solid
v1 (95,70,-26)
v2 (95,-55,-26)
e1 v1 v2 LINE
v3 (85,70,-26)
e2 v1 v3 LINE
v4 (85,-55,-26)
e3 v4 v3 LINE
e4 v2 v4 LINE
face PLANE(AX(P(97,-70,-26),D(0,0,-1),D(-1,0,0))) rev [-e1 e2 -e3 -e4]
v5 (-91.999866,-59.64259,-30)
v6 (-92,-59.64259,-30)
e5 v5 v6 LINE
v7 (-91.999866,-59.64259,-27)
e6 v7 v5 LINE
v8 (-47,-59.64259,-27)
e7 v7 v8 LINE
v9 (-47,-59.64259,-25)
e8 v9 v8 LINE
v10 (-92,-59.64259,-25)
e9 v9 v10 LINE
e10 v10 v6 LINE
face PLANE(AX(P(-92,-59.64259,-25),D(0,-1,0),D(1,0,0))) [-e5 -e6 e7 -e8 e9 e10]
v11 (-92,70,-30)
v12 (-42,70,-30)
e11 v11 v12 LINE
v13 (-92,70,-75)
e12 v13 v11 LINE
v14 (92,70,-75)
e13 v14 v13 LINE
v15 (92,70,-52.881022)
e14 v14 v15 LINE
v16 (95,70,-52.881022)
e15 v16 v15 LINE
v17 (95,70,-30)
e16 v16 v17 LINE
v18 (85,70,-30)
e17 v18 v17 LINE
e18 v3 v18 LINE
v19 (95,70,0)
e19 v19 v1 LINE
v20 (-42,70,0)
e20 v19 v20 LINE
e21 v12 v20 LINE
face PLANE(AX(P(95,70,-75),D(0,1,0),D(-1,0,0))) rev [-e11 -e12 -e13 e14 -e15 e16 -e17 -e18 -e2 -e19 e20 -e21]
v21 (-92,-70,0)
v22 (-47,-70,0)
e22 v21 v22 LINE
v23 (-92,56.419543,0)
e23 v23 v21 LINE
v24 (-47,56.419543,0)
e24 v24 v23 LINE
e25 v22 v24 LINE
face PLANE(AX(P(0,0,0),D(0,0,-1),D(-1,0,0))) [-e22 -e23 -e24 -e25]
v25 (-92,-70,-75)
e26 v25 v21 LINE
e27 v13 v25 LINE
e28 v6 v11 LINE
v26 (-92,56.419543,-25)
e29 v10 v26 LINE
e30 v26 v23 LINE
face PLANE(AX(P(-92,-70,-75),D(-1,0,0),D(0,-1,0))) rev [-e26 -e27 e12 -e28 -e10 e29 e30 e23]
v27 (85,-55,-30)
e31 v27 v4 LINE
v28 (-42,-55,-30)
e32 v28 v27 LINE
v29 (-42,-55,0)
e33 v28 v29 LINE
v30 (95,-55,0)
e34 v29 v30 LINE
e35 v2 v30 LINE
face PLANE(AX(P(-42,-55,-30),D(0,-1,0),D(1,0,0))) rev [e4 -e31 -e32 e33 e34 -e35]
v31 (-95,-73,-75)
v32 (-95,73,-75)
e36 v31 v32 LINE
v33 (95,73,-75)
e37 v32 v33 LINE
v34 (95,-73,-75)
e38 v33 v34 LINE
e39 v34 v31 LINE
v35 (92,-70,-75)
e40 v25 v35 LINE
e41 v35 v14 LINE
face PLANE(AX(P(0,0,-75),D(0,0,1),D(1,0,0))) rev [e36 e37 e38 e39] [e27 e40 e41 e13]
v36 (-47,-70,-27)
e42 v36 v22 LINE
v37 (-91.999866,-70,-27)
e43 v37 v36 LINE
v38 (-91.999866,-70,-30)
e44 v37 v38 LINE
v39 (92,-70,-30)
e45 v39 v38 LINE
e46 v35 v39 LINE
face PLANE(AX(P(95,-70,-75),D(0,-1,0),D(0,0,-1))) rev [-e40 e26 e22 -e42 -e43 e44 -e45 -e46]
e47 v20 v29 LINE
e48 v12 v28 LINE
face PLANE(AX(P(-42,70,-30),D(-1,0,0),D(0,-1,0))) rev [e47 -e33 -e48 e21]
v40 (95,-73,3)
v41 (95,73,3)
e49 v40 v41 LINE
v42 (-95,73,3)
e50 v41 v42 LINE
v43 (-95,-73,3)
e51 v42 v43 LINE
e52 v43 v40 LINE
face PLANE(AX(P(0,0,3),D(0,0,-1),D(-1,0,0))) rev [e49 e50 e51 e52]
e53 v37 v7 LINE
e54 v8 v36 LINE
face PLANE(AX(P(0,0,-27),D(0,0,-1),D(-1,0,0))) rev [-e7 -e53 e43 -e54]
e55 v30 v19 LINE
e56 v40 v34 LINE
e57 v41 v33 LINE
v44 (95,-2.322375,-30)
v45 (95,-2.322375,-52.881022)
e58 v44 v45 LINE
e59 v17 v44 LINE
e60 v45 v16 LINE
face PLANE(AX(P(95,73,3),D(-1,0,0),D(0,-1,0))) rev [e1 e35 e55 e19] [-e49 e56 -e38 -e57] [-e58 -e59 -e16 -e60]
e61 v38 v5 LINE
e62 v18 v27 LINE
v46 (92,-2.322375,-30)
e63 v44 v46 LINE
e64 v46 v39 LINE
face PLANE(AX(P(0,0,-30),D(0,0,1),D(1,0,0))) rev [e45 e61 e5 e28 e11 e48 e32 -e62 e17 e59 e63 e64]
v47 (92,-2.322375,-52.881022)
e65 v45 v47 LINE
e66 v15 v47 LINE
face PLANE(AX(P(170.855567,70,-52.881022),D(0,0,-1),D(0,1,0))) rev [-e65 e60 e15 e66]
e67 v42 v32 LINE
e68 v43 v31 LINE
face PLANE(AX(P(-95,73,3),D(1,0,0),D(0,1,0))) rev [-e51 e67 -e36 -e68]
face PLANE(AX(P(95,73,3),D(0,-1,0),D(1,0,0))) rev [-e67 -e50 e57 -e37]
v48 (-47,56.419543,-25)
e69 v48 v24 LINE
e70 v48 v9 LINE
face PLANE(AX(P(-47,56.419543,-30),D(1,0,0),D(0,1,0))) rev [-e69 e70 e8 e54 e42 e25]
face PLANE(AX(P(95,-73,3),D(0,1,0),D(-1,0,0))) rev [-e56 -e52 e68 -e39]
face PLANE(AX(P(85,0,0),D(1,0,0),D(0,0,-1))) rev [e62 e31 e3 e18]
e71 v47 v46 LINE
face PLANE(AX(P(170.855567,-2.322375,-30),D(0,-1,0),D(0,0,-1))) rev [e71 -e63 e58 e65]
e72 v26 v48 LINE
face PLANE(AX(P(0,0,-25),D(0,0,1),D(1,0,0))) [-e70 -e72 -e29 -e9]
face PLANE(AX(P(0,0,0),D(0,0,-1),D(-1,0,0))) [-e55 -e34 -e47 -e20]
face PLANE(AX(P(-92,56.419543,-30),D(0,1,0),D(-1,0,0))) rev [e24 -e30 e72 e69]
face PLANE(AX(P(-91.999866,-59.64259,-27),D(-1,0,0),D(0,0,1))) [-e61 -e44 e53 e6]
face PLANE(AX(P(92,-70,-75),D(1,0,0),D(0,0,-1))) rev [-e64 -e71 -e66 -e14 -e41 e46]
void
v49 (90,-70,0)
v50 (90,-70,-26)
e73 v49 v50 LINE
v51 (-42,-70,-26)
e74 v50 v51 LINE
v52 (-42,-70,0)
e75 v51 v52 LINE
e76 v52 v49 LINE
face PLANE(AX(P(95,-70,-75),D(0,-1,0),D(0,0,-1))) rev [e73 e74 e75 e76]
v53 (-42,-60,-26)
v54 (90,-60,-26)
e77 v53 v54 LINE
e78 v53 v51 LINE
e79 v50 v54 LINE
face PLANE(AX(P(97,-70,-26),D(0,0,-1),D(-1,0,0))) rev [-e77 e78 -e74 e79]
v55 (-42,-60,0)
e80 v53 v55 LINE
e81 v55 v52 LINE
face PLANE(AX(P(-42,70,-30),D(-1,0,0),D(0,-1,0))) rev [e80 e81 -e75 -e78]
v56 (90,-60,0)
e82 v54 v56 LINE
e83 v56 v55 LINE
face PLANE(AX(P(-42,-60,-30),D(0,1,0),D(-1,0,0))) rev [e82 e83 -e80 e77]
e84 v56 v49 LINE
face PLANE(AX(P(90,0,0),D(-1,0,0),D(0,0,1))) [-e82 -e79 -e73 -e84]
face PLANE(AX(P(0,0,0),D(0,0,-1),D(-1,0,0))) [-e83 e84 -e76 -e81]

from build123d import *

# Parameters (mm, degrees)
ESQUISSE3_W             = 190
ESQUISSE3_H             = 146
BOSS_EXTRU_3_DEPTH      = 3
ESQUISSE4_W             = 190
ESQUISSE4_H             = 3
BOSS_EXTRU_4_DEPTH      = 75
ESQUISSE5_W             = 190
ESQUISSE5_H             = 3
BOSS_EXTRU_5_DEPTH      = 75
ESQUISSE6_W             = 3
ESQUISSE6_H             = 140
BOSS_EXTRU_6_DEPTH      = 75
ESQUISSE7_W             = 3
ESQUISSE7_H             = 140
BOSS_EXTRU_7_DEPTH      = 75
ESQUISSE8_W             = 26
ESQUISSE8_H             = 140
ENL_V_MAT_EXTRU_1_DEPTH = 5
ESQUISSE9_W             = 50
ESQUISSE9_H             = 13.580457403
BOSS_EXTRU_8_DEPTH      = 30
ESQUISSE10_W            = 5
ESQUISSE10_H            = 126.419542597
BOSS_EXTRU_9_DEPTH      = 30
ESQUISSE12_W            = 45
ESQUISSE12_H            = 116.062132341
BOSS_EXTRU_10_DEPTH     = 5
ESQUISSE13_W            = 137
ESQUISSE13_H            = 5
BOSS_EXTRU_11_DEPTH     = 30
ESQUISSE14_W            = 134
ESQUISSE14_H            = 10
BOSS_EXTRU_12_DEPTH     = 4
ESQUISSE15_W            = 26
ESQUISSE15_H            = 10
BOSS_EXTRU_13_DEPTH     = 5
ESQUISSE16_W            = 4
ESQUISSE16_H            = 125
BOSS_EXTRU_14_DEPTH     = 7
ESQUISSE17_W            = 22.881021534
ESQUISSE17_H            = 72.322375242
ENL_V_MAT_EXTRU_2_DEPTH = 3
ESQUISSE19_W            = 44.999866494
ESQUISSE19_H            = 10.48475091
BOSS_EXTRU_15_DEPTH     = 3


with BuildPart() as part:
    # Esquisse3 → Boss.-Extru.3 (new body)
    with BuildSketch(Plane.XY):
        Rectangle(ESQUISSE3_W, ESQUISSE3_H)
    extrude(amount=BOSS_EXTRU_3_DEPTH)

    # Esquisse4 → Boss.-Extru.4 (add)
    with BuildSketch(Plane(origin=(0, 0, 0), x_dir=(-1, 0, 0), z_dir=(0, 0, -1))):
        with Locations((0, -71.5)):
            Rectangle(ESQUISSE4_W, ESQUISSE4_H)
    extrude(amount=BOSS_EXTRU_4_DEPTH)

    # Esquisse5 → Boss.-Extru.5 (add)
    with BuildSketch(Plane(origin=(0, 0, 0), x_dir=(-1, 0, 0), z_dir=(0, 0, -1))):
        with Locations((0, 71.5)):
            Rectangle(ESQUISSE5_W, ESQUISSE5_H)
    extrude(amount=BOSS_EXTRU_5_DEPTH)

    # Esquisse6 → Boss.-Extru.6 (add)
    with BuildSketch(Plane(origin=(0, 0, 0), x_dir=(-1, 0, 0), z_dir=(0, 0, -1))):
        with Locations((93.5, 0)):
            Rectangle(ESQUISSE6_W, ESQUISSE6_H)
    extrude(amount=BOSS_EXTRU_6_DEPTH)

    # Esquisse7 → Boss.-Extru.7 (add)
    with BuildSketch(Plane(origin=(0, 0, 0), x_dir=(-1, 0, 0), z_dir=(0, 0, -1))):
        with Locations((-93.5, 0)):
            Rectangle(ESQUISSE7_W, ESQUISSE7_H)
    extrude(amount=BOSS_EXTRU_7_DEPTH)

    # Esquisse8 → Enlèv. mat.-Extru.1 (cut)
    with BuildSketch(Plane.ZY.offset(-92)):
        with Locations((-13, 0)):
            Rectangle(ESQUISSE8_W, ESQUISSE8_H)
    extrude(amount=-ENL_V_MAT_EXTRU_1_DEPTH, mode=Mode.SUBTRACT)

    # Esquisse9 → Boss.-Extru.8 (add)
    with BuildSketch(Plane(origin=(0, 0, 0), x_dir=(-1, 0, 0), z_dir=(0, 0, -1))):
        with Locations((67, 63.209771299)):
            Rectangle(ESQUISSE9_W, ESQUISSE9_H)
    extrude(amount=BOSS_EXTRU_8_DEPTH)

    # Esquisse10 → Boss.-Extru.9 (add)
    with BuildSketch(Plane(origin=(0, 0, 0), x_dir=(-1, 0, 0), z_dir=(0, 0, -1))):
        with Locations((44.5, -6.790228701)):
            Rectangle(ESQUISSE10_W, ESQUISSE10_H)
    extrude(amount=BOSS_EXTRU_9_DEPTH)

    # Esquisse12 → Boss.-Extru.10 (add)
    with BuildSketch(Plane(origin=(0, 0, -30), x_dir=(-1, 0, 0), z_dir=(0, 0, -1))):
        with Locations((69.5, -1.611523574)):
            Rectangle(ESQUISSE12_W, ESQUISSE12_H)
    extrude(amount=-BOSS_EXTRU_10_DEPTH)

    # Esquisse13 → Boss.-Extru.11 (add)
    with BuildSketch(Plane(origin=(0, 0, 0), x_dir=(-1, 0, 0), z_dir=(0, 0, -1))):
        with Locations((-26.5, -57.5)):
            Rectangle(ESQUISSE13_W, ESQUISSE13_H)
    extrude(amount=BOSS_EXTRU_11_DEPTH)

    # Esquisse14 → Boss.-Extru.12 (add)
    with BuildSketch(Plane(origin=(0, 0, -30), x_dir=(-1, 0, 0), z_dir=(0, 0, -1))):
        with Locations((-25, -65)):
            Rectangle(ESQUISSE14_W, ESQUISSE14_H)
    extrude(amount=-BOSS_EXTRU_12_DEPTH)

    # Esquisse15 → Boss.-Extru.13 (add)
    with BuildSketch(Plane(origin=(95, 0, 0), x_dir=(0, 0, -1), z_dir=(1, 0, 0))):
        with Locations((13, -65)):
            Rectangle(ESQUISSE15_W, ESQUISSE15_H)
    extrude(amount=-BOSS_EXTRU_13_DEPTH)

    # Esquisse16 → Boss.-Extru.14 (add)
    with BuildSketch(Plane.ZY.offset(-92)):
        with Locations((-28, 7.5)):
            Rectangle(ESQUISSE16_W, ESQUISSE16_H)
    extrude(amount=BOSS_EXTRU_14_DEPTH)

    # Esquisse17 → Enlèv. mat.-Extru.2 (cut)
    with BuildSketch(Plane.ZY.offset(-92)):
        with Locations((-41.440510767, 33.838812379)):
            Rectangle(ESQUISSE17_W, ESQUISSE17_H)
    extrude(amount=-ENL_V_MAT_EXTRU_2_DEPTH, mode=Mode.SUBTRACT)

    # Esquisse19 → Boss.-Extru.15 (add)
    with BuildSketch(Plane(origin=(0, 0, -30), x_dir=(-1, 0, 0), z_dir=(0, 0, -1))):
        with Locations((69.499933247, -64.884965199)):
            Rectangle(ESQUISSE19_W, ESQUISSE19_H)
    extrude(amount=-BOSS_EXTRU_15_DEPTH)


solid = part.part
